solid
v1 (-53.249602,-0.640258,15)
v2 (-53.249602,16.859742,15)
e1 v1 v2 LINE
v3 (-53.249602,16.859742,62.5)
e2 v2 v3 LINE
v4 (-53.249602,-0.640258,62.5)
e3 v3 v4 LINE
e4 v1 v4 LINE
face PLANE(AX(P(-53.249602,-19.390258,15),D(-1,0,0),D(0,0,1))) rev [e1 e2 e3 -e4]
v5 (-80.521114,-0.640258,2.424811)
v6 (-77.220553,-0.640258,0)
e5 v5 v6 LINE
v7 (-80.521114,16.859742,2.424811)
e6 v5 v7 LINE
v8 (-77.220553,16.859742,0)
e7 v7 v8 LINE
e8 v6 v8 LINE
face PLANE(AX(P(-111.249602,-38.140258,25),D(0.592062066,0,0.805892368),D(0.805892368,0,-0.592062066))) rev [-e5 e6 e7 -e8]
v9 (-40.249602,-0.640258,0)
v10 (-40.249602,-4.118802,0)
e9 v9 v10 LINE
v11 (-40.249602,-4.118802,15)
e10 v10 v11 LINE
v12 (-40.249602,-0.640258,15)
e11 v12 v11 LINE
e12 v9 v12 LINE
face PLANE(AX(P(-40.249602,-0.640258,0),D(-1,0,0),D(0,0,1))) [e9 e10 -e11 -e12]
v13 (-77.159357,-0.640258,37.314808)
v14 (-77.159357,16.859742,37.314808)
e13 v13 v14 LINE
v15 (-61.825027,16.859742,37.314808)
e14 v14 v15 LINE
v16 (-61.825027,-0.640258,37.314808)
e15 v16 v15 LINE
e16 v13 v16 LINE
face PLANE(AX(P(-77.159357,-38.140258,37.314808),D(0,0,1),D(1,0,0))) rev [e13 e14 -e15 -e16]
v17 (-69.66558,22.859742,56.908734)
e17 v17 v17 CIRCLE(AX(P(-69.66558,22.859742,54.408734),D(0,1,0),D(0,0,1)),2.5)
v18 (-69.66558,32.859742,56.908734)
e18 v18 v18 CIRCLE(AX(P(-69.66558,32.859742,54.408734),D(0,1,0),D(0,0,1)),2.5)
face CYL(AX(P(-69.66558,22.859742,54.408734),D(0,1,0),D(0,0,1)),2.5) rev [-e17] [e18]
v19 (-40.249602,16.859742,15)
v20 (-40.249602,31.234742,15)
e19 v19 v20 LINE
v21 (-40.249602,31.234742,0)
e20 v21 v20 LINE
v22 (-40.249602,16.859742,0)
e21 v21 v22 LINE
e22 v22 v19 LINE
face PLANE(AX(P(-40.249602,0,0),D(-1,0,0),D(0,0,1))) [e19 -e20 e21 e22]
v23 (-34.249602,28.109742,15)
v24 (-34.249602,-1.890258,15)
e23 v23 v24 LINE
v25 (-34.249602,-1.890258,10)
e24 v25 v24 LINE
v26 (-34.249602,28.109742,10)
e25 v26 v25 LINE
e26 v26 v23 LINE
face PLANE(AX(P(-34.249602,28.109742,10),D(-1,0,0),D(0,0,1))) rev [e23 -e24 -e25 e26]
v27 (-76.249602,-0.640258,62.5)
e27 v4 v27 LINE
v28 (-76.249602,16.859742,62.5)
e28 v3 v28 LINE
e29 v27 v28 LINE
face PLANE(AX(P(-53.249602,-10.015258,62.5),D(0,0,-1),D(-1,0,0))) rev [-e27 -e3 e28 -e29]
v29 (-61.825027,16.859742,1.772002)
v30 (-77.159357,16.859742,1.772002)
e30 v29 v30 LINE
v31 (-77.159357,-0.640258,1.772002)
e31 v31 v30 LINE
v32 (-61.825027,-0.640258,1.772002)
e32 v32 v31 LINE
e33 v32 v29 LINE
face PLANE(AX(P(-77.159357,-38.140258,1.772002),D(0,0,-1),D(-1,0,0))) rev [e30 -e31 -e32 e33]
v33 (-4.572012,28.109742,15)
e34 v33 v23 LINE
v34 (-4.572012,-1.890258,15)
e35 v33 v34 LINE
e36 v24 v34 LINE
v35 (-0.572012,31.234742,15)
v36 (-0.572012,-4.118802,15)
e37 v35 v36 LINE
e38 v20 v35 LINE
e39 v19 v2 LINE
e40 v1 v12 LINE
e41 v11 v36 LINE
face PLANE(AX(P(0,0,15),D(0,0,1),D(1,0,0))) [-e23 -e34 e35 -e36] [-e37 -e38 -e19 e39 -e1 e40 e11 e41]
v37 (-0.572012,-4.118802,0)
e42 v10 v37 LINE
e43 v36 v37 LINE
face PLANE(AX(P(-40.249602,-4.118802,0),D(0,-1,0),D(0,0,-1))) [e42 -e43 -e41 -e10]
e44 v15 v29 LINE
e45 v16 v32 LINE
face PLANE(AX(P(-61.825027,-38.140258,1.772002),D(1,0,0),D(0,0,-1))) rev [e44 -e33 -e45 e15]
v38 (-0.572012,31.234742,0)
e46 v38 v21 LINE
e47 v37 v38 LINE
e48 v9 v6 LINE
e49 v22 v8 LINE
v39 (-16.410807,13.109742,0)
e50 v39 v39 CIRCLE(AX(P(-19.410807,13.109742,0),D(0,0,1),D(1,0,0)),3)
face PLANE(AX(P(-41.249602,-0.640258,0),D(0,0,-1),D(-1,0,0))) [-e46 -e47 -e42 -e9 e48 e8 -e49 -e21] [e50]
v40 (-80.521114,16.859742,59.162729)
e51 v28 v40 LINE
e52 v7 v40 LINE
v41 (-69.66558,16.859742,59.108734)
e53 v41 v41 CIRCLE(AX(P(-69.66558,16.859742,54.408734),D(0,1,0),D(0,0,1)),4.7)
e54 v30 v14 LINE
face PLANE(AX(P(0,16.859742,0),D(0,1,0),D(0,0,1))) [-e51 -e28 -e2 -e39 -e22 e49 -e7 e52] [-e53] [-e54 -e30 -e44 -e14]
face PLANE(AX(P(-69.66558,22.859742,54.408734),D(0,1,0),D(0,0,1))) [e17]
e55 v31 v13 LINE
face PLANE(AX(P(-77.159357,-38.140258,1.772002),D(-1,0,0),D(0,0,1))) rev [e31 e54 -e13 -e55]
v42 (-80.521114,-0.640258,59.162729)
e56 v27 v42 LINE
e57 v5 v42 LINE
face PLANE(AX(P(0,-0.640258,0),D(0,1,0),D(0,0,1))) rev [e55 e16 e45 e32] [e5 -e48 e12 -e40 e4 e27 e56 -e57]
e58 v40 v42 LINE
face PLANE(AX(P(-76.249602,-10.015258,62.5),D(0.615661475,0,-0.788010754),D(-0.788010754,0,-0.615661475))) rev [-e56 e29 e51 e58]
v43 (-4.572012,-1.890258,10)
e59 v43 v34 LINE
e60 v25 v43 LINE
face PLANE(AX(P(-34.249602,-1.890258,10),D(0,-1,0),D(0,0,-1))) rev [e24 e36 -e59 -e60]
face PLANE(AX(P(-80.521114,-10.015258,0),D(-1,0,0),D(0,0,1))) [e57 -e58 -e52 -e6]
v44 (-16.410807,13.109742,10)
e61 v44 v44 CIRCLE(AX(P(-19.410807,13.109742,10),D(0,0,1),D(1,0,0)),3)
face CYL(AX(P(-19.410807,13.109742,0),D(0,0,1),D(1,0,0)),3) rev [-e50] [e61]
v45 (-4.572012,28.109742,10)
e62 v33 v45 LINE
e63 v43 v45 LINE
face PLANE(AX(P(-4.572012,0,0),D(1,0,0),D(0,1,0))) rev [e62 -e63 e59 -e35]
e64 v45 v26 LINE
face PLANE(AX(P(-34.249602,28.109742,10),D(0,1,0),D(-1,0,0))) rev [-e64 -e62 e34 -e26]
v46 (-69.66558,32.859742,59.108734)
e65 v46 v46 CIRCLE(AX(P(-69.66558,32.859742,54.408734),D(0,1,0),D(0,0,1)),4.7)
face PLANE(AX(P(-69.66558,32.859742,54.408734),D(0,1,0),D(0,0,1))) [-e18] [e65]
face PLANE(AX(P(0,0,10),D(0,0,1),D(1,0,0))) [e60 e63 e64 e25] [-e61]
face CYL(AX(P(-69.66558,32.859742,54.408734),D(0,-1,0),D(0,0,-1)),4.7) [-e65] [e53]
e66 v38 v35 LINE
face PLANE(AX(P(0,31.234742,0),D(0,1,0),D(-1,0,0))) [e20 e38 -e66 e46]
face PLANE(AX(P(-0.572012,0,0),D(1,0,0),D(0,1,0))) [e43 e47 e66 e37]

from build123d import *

# Parameters (mm, degrees)
SKETCH1_W            = 55
SKETCH1_H            = 55
SKETCH1_W_2          = 30
SKETCH1_H_2          = 30
BOSS_EXTRUDE1_DEPTH  = 15
SKETCH5_W            = 70
SKETCH5_H            = 70
BOSS_EXTRUDE4_DEPTH  = 17.5
CUT_EXTRUDE1_DEPTH   = 143.483240955
SKETCH8_W            = 15.334329656
SKETCH8_H            = 35.542805721
CUT_EXTRUDE3_DEPTH   = 126.3514749
SKETCH9_R            = 4.7
BOSS_EXTRUDE5_DEPTH  = 16
SKETCH10_R           = 2.5
CUT_EXTRUDE4_DEPTH   = 10
SKETCH12_W           = 30
SKETCH12_H           = 30
BOSS_EXTRUDE6_DEPTH  = 5
SKETCH15_W           = 55
SKETCH15_H           = 15
BOSS_EXTRUDE7_DEPTH  = 18.75
SKETCH16_W           = 30
SKETCH16_H           = 30
BOSS_EXTRUDE8_DEPTH  = 10
SKETCH18_W           = 55
SKETCH18_H           = 18.75
CUT_EXTRUDE6_DEPTH   = 119.922964864
SKETCH20_W           = 15
SKETCH20_H           = 18.75
BOSS_EXTRUDE9_DEPTH  = 12
SKETCH21_W           = 12
SKETCH21_H           = 55
CUT_EXTRUDE9_DEPTH   = 119.330278287
SKETCH23_W           = 48.677589722
SKETCH23_H           = 9.375
CUT_EXTRUDE11_DEPTH  = 110.913811483
CUT_EXTRUDE13_DEPTH  = 116.802667864
SKETCH26_W           = 15
SKETCH26_H           = 9.375
CUT_EXTRUDE14_DEPTH  = 13
CUT_EXTRUDE15_DEPTH  = 111.026884691
SKETCH28_W           = 35.677589722
SKETCH28_H           = 15
BOSS_EXTRUDE10_DEPTH = 5
SKETCH22_W           = 30
SKETCH22_H           = 30
CUT_EXTRUDE16_DEPTH  = 5
SKETCH30_W           = 35.677589722
SKETCH30_H           = 5.896456585
CUT_EXTRUDE18_DEPTH  = 100.094209449
SKETCH32_W           = 15
SKETCH32_H           = 35.353543415
BOSS_EXTRUDE12_DEPTH = 4
SKETCH33_R           = 3
CUT_EXTRUDE19_DEPTH  = 102.585738893


with BuildPart() as part:
    # Sketch1 → Boss-Extrude1 (new body)
    with BuildSketch(Plane.XY):
        with Locations((-13.749602036, -10.640258422)):
            Rectangle(SKETCH1_W, SKETCH1_H)
        with Locations((-13.749602036, -10.640258422)):
            Rectangle(SKETCH1_W_2, SKETCH1_H_2, mode=Mode.SUBTRACT)
    extrude(amount=BOSS_EXTRUDE1_DEPTH)

    # Sketch12 → Boss-Extrude6 (add)
    with BuildSketch(Plane(origin=(-732.77025481, -892.317517431, 5), x_dir=(1, 0, 0), z_dir=(0, 0, 1))):
        with Locations((719.020652774, 881.677259009)):
            Rectangle(SKETCH12_W, SKETCH12_H)
    extrude(amount=-BOSS_EXTRUDE6_DEPTH)



with BuildPart() as body_2:
    # Sketch5 → Boss-Extrude4 (new body)
    with BuildSketch(Plane(origin=(0, 16.859741578, 0), x_dir=(1, 0, 0), z_dir=(0, 1, 0))):
        with Locations((-76.249602036, -35)):
            Rectangle(SKETCH5_W, SKETCH5_H)
    extrude(amount=-BOSS_EXTRUDE4_DEPTH)

    # Sketch6 → Cut-Extrude1 (cut, through all)
    with BuildSketch(Plane(origin=(0, 16.859741578, 0), x_dir=(1, 0, 0), z_dir=(0, 1, 0))):
        Polygon((-77.220552794, 0), (-111.249602036, 0), (-111.249602036, -70), (-76.249602036, -70), (-88.249602036, -61.428571429), (-88.249602036, -8.102672193), align=None)
    extrude(amount=-CUT_EXTRUDE1_DEPTH, mode=Mode.SUBTRACT)

    # Sketch8 → Cut-Extrude3 (cut, through all)
    with BuildSketch(Plane(origin=(0, 16.859741578, 0), x_dir=(1, 0, 0), z_dir=(0, 1, 0))):
        with Locations((-69.49219179, -19.543404801)):
            Rectangle(SKETCH8_W, SKETCH8_H)
    extrude(amount=-CUT_EXTRUDE3_DEPTH, mode=Mode.SUBTRACT)

    # Sketch9 → Boss-Extrude5 (add)
    with BuildSketch(Plane(origin=(0, 16.859741578, 0), x_dir=(1, 0, 0), z_dir=(0, 1, 0))):
        with Locations(Location((-69.665580404, -54.408733969, 0), (0, 0, 270))):
            Circle(SKETCH9_R)
    extrude(amount=BOSS_EXTRUDE5_DEPTH)

    # Sketch10 → Cut-Extrude4 (cut)
    with BuildSketch(Plane(origin=(0, 32.859741578, 0), x_dir=(1, 0, 0), z_dir=(0, 1, 0))):
        with Locations(Location((-69.665580404, -54.408733969, 0), (0, 0, 270))):
            Circle(SKETCH10_R)
    extrude(amount=-CUT_EXTRUDE4_DEPTH, mode=Mode.SUBTRACT)


with BuildPart() as part_1:
    add(part.part)

    add(body_2.part)  # Boss-Extrude7 merges body 2
    # Sketch15 → Boss-Extrude7 (add)
    with BuildSketch(Plane(origin=(0, 16.859741578, 0), x_dir=(1, 0, 0), z_dir=(0, 1, 0))):
        with Locations((-13.749602036, -7.5)):
            Rectangle(SKETCH15_W, SKETCH15_H)
    extrude(amount=BOSS_EXTRUDE7_DEPTH)

    # Sketch16 → Boss-Extrude8 (add)
    with BuildSketch(Plane.XY.offset(15)):
        with Locations((-13.749602036, -10.640258422)):
            Rectangle(SKETCH16_W, SKETCH16_H)
    extrude(amount=-BOSS_EXTRUDE8_DEPTH)

    # Sketch18 → Cut-Extrude6 (cut, through all)
    with BuildSketch(Plane(origin=(0, 0, 0), x_dir=(-1, 0, 0), z_dir=(0, 0, -1))):
        with Locations((13.749602036, -28.765258422)):
            Rectangle(SKETCH18_W, SKETCH18_H)
    extrude(amount=-CUT_EXTRUDE6_DEPTH, mode=Mode.SUBTRACT)

    # Sketch20 → Boss-Extrude9 (add)
    with BuildSketch(Plane.ZY.offset(41.249602036)):
        with Locations((7.5, 26.234741578)):
            Rectangle(SKETCH20_W, SKETCH20_H)
        with Locations((7.5, -10.015258422)):
            Rectangle(SKETCH20_W, SKETCH20_H)
    extrude(amount=BOSS_EXTRUDE9_DEPTH)

    # Sketch21 → Cut-Extrude9 (cut, through all)
    with BuildSketch(Plane(origin=(0, 16.859741578, 0), x_dir=(1, 0, 0), z_dir=(0, 1, 0))):
        with Locations((-47.249602036, -42.5)):
            Rectangle(SKETCH21_W, SKETCH21_H)
    extrude(amount=-CUT_EXTRUDE9_DEPTH, mode=Mode.SUBTRACT)

    # Sketch23 → Cut-Extrude11 (cut, through all)
    with BuildSketch(Plane.XY.offset(15)):
        with Locations((-28.910807175, -14.702758422)):
            Rectangle(SKETCH23_W, SKETCH23_H)
        with Locations((-28.910807175, 30.922241578)):
            Rectangle(SKETCH23_W, SKETCH23_H)
        Polygon((13.750397964, -19.390258422), (13.750397964, 35.609741578), (-4.572012314, 35.609741578), (-4.572012314, 26.234741578), (-4.572012314, -10.015258422), (-4.572012314, -19.390258422), align=None)
    extrude(amount=-CUT_EXTRUDE11_DEPTH, mode=Mode.SUBTRACT)

    # Sketch25 → Cut-Extrude13 (cut, through all)
    with BuildSketch(Plane(origin=(0, 16.859741578, 0), x_dir=(1, 0, 0), z_dir=(0, 1, 0))):
        Polygon((-80.521113565, -2.424811187), (-88.249602036, -8.102672193), (-88.249602036, -61.428571429), (-80.521113565, -66.948920336), align=None)
    extrude(amount=-CUT_EXTRUDE13_DEPTH, mode=Mode.SUBTRACT)

    # Sketch26 → Cut-Extrude14 (cut)
    with BuildSketch(Plane.ZY.offset(53.249602036)):
        with Locations((7.5, 21.547241578)):
            Rectangle(SKETCH26_W, SKETCH26_H)
    extrude(amount=-CUT_EXTRUDE14_DEPTH, mode=Mode.SUBTRACT)

    # Sketch27 → Cut-Extrude15 (cut, through all)
    with BuildSketch(Plane(origin=(0, 16.859741578, 0), x_dir=(1, 0, 0), z_dir=(0, 1, 0))):
        Polygon((-53.249602036, -70), (-53.249602036, -62.5), (-76.249602036, -62.5), (-80.521113565, -59.162729439), (-80.521113565, -66.948920336), (-76.249602036, -70), align=None)
    extrude(amount=-CUT_EXTRUDE15_DEPTH, mode=Mode.SUBTRACT)

    # Sketch28 → Boss-Extrude10 (add)
    with BuildSketch(Plane(origin=(0, 26.234741578, 0), x_dir=(1, 0, 0), z_dir=(0, 1, 0))):
        with Locations((-22.410807175, -7.5)):
            Rectangle(SKETCH28_W, SKETCH28_H)
    extrude(amount=BOSS_EXTRUDE10_DEPTH)

    # Sketch22 → Cut-Extrude16 (cut)
    with BuildSketch(Plane.XY.offset(15)):
        with Locations((-19.249602036, 13.109741578)):
            Rectangle(SKETCH22_W, SKETCH22_H)
    extrude(amount=-CUT_EXTRUDE16_DEPTH, mode=Mode.SUBTRACT)

    # Sketch30 → Cut-Extrude18 (cut, through all)
    with BuildSketch(Plane.XY.offset(15)):
        Polygon((-40.249602036, -0.640258422), (-53.249602036, -0.640258422), (-53.249602036, -10.015258422), (-40.249602036, -10.015258422), (-40.249602036, -4.118801837), align=None)
        with Locations((-22.410807175, -7.06703013)):
            Rectangle(SKETCH30_W, SKETCH30_H)
    extrude(amount=-CUT_EXTRUDE18_DEPTH, mode=Mode.SUBTRACT)

    # Sketch32 → Boss-Extrude12 (add)
    with BuildSketch(Plane(origin=(-4.572012314, 0, 0), x_dir=(0, 0, -1), z_dir=(1, 0, 0))):
        with Locations((-7.5, 13.557969871)):
            Rectangle(SKETCH32_W, SKETCH32_H)
    extrude(amount=BOSS_EXTRUDE12_DEPTH)

    # Sketch33 → Cut-Extrude19 (cut, through all)
    with BuildSketch(Plane.XY.offset(10)):
        with Locations((-19.410807175, 13.109741578)):
            Circle(SKETCH33_R)
    extrude(amount=-CUT_EXTRUDE19_DEPTH, mode=Mode.SUBTRACT)


solid = part_1.part
